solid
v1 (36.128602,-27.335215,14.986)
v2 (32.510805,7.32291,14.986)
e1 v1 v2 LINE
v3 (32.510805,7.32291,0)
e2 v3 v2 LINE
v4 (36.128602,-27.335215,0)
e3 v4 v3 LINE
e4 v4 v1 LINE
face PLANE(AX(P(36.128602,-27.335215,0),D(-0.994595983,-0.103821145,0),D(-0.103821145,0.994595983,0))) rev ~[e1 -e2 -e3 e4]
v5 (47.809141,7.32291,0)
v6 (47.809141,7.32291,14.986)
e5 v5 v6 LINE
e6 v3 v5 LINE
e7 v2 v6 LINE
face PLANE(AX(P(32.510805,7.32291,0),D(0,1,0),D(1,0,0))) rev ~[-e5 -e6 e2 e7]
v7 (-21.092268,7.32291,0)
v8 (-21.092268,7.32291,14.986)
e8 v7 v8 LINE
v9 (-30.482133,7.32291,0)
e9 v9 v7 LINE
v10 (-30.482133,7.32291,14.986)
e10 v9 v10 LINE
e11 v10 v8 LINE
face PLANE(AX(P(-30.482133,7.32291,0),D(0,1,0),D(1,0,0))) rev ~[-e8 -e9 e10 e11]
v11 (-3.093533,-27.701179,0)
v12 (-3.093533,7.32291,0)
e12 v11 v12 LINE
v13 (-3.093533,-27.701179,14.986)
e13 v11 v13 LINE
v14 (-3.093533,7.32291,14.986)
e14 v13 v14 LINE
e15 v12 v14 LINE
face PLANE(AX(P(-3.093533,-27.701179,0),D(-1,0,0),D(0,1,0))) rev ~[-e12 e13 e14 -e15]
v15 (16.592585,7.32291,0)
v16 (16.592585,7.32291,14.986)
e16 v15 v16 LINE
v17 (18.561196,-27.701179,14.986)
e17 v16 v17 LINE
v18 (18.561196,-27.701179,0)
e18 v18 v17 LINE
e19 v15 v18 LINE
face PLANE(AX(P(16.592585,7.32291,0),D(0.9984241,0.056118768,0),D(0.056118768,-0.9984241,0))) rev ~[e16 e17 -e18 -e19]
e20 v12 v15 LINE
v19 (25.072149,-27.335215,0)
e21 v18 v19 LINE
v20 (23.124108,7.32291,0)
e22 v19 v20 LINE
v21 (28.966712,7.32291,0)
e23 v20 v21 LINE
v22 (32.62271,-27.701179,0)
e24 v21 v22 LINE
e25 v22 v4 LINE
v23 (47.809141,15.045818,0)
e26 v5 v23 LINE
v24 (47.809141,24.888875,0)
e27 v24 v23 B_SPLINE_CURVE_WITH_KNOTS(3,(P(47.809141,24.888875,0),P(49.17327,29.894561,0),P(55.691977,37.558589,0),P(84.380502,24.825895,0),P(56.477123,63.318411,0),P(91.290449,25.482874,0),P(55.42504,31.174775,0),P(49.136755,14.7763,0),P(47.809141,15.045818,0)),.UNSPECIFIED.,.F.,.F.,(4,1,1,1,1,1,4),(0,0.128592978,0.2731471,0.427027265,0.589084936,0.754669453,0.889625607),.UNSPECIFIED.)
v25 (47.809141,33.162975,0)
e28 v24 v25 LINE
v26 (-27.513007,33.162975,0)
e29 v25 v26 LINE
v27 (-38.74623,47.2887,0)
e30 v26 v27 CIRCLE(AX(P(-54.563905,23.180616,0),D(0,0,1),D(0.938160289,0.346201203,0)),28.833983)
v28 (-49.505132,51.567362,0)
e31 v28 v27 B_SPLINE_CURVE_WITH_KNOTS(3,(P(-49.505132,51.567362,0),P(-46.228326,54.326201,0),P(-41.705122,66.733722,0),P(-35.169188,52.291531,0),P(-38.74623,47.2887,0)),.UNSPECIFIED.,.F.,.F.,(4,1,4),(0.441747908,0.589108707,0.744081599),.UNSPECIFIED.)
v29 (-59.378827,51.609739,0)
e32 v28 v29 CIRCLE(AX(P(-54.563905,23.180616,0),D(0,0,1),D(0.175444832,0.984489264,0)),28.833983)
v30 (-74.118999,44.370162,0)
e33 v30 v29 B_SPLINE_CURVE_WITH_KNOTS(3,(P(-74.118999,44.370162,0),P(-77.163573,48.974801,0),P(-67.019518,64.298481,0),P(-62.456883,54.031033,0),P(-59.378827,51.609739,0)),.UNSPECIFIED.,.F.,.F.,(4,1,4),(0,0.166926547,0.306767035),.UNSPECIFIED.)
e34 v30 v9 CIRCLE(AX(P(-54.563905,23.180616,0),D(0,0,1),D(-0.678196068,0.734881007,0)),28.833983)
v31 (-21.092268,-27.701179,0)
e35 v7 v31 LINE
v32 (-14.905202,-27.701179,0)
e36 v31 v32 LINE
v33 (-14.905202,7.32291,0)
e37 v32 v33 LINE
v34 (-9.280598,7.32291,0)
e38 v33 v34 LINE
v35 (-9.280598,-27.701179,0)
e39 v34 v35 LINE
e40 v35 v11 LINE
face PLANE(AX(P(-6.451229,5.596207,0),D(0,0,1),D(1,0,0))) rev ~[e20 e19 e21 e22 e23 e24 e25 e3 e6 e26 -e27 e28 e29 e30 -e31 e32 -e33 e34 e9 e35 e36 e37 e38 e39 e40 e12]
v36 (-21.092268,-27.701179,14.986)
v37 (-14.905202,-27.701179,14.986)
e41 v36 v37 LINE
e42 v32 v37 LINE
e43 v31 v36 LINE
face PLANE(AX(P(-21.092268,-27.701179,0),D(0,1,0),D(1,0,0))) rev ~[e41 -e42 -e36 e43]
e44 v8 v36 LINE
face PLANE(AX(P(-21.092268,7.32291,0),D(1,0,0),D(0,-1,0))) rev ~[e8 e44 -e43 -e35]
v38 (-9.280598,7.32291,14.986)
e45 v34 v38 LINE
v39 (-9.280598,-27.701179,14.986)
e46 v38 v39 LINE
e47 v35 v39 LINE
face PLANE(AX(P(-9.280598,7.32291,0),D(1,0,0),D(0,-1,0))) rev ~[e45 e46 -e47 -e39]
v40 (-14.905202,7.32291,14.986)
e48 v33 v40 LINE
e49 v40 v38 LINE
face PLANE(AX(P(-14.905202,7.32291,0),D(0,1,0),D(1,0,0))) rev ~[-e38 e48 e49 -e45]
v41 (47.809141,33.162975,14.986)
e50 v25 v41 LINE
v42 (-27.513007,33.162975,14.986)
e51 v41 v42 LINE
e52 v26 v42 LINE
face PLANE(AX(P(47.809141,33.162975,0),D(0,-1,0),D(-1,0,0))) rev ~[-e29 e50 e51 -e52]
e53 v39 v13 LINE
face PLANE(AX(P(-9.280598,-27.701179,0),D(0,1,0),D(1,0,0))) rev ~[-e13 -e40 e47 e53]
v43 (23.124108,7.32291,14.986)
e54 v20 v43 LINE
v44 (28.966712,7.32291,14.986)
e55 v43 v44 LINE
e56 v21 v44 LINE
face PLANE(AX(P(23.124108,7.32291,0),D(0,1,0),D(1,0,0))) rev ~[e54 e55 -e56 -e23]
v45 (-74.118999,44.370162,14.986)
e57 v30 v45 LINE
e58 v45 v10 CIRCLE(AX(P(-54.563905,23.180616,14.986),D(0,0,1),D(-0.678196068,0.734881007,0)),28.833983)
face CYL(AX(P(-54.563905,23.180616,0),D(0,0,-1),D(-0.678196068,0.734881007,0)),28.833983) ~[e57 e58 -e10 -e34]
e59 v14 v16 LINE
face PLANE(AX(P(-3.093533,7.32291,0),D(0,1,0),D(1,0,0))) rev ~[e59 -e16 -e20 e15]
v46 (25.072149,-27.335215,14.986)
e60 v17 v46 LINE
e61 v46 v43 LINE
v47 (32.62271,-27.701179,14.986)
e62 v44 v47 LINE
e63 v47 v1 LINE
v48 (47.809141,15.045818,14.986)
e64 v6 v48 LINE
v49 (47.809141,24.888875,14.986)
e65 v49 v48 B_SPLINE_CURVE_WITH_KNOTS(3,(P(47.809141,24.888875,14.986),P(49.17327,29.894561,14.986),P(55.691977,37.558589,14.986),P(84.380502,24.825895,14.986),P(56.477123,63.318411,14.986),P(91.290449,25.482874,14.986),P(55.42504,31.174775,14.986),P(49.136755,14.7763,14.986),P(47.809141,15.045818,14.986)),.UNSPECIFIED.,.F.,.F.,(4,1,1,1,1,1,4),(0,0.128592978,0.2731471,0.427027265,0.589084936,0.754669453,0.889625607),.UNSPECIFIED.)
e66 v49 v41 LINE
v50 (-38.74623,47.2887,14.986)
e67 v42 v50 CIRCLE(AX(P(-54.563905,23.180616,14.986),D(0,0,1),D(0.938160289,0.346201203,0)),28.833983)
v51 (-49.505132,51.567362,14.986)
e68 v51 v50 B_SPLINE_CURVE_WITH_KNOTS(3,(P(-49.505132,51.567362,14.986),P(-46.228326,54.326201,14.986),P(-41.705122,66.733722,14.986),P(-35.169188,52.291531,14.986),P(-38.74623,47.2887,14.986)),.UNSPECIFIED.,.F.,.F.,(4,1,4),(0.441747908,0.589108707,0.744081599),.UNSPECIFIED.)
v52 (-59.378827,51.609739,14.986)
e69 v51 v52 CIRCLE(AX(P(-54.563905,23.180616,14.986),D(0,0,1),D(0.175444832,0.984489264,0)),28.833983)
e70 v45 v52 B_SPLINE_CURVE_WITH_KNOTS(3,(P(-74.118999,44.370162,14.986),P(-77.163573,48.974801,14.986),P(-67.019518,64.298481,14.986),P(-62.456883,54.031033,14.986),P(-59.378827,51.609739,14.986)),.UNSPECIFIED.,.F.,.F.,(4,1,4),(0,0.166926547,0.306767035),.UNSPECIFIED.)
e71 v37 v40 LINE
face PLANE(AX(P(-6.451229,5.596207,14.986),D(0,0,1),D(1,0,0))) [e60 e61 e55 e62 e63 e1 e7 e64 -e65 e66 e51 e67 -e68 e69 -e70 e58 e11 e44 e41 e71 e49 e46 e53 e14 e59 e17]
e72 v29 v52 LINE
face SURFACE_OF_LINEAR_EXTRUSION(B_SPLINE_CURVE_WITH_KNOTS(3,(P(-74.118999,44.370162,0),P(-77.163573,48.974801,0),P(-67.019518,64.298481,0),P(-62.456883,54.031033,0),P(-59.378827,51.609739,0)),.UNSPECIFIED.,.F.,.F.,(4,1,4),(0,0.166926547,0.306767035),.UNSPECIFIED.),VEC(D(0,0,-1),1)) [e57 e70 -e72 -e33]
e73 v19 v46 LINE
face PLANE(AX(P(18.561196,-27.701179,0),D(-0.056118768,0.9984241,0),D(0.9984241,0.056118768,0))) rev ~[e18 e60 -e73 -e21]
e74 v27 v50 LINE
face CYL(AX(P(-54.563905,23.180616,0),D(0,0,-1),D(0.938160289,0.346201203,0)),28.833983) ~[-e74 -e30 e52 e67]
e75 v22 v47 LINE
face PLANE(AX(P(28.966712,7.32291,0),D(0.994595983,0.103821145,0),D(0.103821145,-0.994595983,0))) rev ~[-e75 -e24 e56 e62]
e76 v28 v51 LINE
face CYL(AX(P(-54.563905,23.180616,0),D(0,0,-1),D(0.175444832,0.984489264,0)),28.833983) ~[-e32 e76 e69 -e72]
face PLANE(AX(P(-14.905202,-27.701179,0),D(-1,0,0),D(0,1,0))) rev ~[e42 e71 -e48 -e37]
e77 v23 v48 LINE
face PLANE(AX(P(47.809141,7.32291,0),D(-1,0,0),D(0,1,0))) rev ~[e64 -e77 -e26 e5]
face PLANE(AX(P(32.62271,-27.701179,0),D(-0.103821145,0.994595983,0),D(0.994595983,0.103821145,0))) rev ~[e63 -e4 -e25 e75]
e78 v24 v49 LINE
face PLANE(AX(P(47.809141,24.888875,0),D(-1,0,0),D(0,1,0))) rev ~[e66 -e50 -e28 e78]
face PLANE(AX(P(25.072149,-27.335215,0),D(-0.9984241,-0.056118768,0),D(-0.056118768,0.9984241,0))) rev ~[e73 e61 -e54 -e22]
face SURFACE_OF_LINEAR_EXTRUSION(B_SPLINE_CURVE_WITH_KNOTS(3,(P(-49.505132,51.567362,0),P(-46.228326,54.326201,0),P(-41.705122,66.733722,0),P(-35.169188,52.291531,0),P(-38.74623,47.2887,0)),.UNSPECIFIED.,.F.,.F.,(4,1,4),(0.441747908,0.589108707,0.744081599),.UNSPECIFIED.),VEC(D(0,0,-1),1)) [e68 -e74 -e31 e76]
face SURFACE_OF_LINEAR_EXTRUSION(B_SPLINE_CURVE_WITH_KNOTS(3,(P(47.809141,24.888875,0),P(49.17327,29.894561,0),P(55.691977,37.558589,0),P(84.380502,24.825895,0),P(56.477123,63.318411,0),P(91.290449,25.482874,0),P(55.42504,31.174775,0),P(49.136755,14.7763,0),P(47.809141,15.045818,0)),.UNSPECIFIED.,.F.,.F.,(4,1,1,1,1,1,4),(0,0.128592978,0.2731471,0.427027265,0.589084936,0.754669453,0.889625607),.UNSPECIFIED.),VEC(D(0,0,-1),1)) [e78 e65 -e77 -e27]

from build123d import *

# Parameters (mm, degrees)
F1_DEPTH = 14.986


with BuildPart() as f1:
    # F0 (on Top) → F1 (new body)
    with BuildSketch(Plane.XY):
        with BuildLine():
            Line((47.8091410523, 33.1629750625), (-27.5130073652, 33.1629750625))
            ThreePointArc((-27.5130073652, 33.1629750625), (-31.9959485659, 41.1273675203), (-38.7462297885, 47.2886995555))
            add(Edge.make_bspline(
                [(-38.7462297885, 47.2886995555), (-44.6532678976, 39.0271477079), (-69.4513015746, 37.3106989119), (-74.1189987322, 44.3701618378)],
                knots=[0.7440815993, 0.7440815993, 0.7440815993, 0.7440815993, 1, 1, 1, 1], degree=3))
            ThreePointArc((-74.1189987322, 44.3701618378), (-73.2252936098, 1.1999163017), (-30.4821332243, 7.3229097494))
            Line((-30.4821332243, 7.3229097494), (-21.092267707, 7.3229097494))
            Line((-21.092267707, 7.3229097494), (-21.092267707, -27.7011785656))
            Line((-21.092267707, -27.7011785656), (-14.9052022025, -27.7011785656))
            Line((-14.9052022025, -27.7011785656), (-14.9052022025, 7.3229097494))
            Line((-14.9052022025, 7.3229097494), (-9.2805977911, 7.3229097494))
            Line((-9.2805977911, 7.3229097494), (-9.2805977911, -27.7011785656))
            Line((-9.2805977911, -27.7011785656), (-3.0935327522, -27.7011785656))
            Line((-3.0935327522, -27.7011785656), (-3.0935327522, 7.3229097494))
            Line((-3.0935327522, 7.3229097494), (16.5925845504, 7.3229097494))
            Line((16.5925845504, 7.3229097494), (18.5611955822, -27.7011785656))
            Line((18.5611955822, -27.7011785656), (25.0721487249, -27.335215173))
            Line((25.0721487249, -27.335215173), (23.124107524, 7.3229097494))
            Line((23.124107524, 7.3229097494), (28.9667118341, 7.3229097494))
            Line((28.9667118341, 7.3229097494), (32.6227098703, -27.7011785656))
            Line((32.6227098703, -27.7011785656), (36.1286018476, -27.335215173))
            Line((36.1286018476, -27.335215173), (32.5108049897, 7.3229097494))
            Line((32.5108049897, 7.3229097494), (47.8091410523, 7.3229097494))
            Line((47.8091410523, 7.3229097494), (47.8091410523, 15.0458179414))
            add(Edge.make_bspline(
                [(47.8091410523, 15.0458179414), (46.7233474539, 15.266244017), (46.6382768597, 20.5923763364), (47.8091410523, 24.8888749629)],
                knots=[0.8896256075, 0.8896256075, 0.8896256075, 0.8896256075, 1, 1, 1, 1], degree=3))
            Line((47.8091410523, 24.8888749629), (47.8091410523, 33.1629750625))
        make_face()
        with BuildLine():
            add(Edge.make_bspline(
                [(-38.7462297885, 47.2886995555), (-44.6532678976, 39.0271477079), (-69.4513015746, 37.3106989119), (-74.1189987322, 44.3701618378)],
                knots=[0.7440815993, 0.7440815993, 0.7440815993, 0.7440815993, 1, 1, 1, 1], degree=3))
            add(Edge.make_bspline(
                [(-49.5051317345, 51.5673620376), (-46.228325712, 54.3262008587), (-41.7051221465, 66.7337224286), (-35.1691881356, 52.2915308442), (-38.7462297885, 47.2886995555)],
                knots=[0.4417479076, 0.4417479076, 0.4417479076, 0.4417479076, 0.5891087073, 0.7440815993, 0.7440815993, 0.7440815993, 0.7440815993], degree=3))
            add(Edge.make_bspline(
                [(-59.3788272716, 51.6097394616), (-56.4077375644, 49.2725881997), (-52.5066500278, 49.0402960065), (-49.5051317345, 51.5673620376)],
                knots=[0.306767035, 0.306767035, 0.306767035, 0.306767035, 0.4417479076, 0.4417479076, 0.4417479076, 0.4417479076], degree=3))
            add(Edge.make_bspline(
                [(-74.1189987322, 44.3701618378), (-77.1635729757, 48.9748005431), (-67.0195184238, 64.2984810546), (-62.4568828899, 54.0310334249), (-59.3788272716, 51.6097394616)],
                knots=[0, 0, 0, 0, 0.1669265475, 0.306767035, 0.306767035, 0.306767035, 0.306767035], degree=3))
        make_face()
        with BuildLine():
            add(Edge.make_bspline(
                [(-59.3788272716, 51.6097394616), (-56.4077375644, 49.2725881997), (-52.5066500278, 49.0402960065), (-49.5051317345, 51.5673620376)],
                knots=[0.306767035, 0.306767035, 0.306767035, 0.306767035, 0.4417479076, 0.4417479076, 0.4417479076, 0.4417479076], degree=3))
            ThreePointArc((-49.5051317345, 51.5673620376), (-54.4401520673, 52.0143327606), (-59.3788272716, 51.6097394616))
        make_face()
        with BuildLine():
            add(Edge.make_bspline(
                [(47.8091410523, 24.8888749629), (49.1732700848, 29.8945609784), (55.6919771972, 37.5585894626), (84.3805023422, 24.8258950643), (56.4771234829, 63.3184107042), (91.2904486493, 25.4828743203), (55.4250398537, 31.1747745323), (49.1367545108, 14.7763002127), (47.8091410523, 15.0458179414)],
                knots=[0, 0, 0, 0, 0.1285929779, 0.2731470999, 0.4270272653, 0.5890849357, 0.7546694527, 0.8896256075, 0.8896256075, 0.8896256075, 0.8896256075], degree=3))
            add(Edge.make_bspline(
                [(47.8091410523, 15.0458179414), (46.7233474539, 15.266244017), (46.6382768597, 20.5923763364), (47.8091410523, 24.8888749629)],
                knots=[0.8896256075, 0.8896256075, 0.8896256075, 0.8896256075, 1, 1, 1, 1], degree=3))
        make_face()
    extrude(amount=F1_DEPTH)


solid = f1.part
